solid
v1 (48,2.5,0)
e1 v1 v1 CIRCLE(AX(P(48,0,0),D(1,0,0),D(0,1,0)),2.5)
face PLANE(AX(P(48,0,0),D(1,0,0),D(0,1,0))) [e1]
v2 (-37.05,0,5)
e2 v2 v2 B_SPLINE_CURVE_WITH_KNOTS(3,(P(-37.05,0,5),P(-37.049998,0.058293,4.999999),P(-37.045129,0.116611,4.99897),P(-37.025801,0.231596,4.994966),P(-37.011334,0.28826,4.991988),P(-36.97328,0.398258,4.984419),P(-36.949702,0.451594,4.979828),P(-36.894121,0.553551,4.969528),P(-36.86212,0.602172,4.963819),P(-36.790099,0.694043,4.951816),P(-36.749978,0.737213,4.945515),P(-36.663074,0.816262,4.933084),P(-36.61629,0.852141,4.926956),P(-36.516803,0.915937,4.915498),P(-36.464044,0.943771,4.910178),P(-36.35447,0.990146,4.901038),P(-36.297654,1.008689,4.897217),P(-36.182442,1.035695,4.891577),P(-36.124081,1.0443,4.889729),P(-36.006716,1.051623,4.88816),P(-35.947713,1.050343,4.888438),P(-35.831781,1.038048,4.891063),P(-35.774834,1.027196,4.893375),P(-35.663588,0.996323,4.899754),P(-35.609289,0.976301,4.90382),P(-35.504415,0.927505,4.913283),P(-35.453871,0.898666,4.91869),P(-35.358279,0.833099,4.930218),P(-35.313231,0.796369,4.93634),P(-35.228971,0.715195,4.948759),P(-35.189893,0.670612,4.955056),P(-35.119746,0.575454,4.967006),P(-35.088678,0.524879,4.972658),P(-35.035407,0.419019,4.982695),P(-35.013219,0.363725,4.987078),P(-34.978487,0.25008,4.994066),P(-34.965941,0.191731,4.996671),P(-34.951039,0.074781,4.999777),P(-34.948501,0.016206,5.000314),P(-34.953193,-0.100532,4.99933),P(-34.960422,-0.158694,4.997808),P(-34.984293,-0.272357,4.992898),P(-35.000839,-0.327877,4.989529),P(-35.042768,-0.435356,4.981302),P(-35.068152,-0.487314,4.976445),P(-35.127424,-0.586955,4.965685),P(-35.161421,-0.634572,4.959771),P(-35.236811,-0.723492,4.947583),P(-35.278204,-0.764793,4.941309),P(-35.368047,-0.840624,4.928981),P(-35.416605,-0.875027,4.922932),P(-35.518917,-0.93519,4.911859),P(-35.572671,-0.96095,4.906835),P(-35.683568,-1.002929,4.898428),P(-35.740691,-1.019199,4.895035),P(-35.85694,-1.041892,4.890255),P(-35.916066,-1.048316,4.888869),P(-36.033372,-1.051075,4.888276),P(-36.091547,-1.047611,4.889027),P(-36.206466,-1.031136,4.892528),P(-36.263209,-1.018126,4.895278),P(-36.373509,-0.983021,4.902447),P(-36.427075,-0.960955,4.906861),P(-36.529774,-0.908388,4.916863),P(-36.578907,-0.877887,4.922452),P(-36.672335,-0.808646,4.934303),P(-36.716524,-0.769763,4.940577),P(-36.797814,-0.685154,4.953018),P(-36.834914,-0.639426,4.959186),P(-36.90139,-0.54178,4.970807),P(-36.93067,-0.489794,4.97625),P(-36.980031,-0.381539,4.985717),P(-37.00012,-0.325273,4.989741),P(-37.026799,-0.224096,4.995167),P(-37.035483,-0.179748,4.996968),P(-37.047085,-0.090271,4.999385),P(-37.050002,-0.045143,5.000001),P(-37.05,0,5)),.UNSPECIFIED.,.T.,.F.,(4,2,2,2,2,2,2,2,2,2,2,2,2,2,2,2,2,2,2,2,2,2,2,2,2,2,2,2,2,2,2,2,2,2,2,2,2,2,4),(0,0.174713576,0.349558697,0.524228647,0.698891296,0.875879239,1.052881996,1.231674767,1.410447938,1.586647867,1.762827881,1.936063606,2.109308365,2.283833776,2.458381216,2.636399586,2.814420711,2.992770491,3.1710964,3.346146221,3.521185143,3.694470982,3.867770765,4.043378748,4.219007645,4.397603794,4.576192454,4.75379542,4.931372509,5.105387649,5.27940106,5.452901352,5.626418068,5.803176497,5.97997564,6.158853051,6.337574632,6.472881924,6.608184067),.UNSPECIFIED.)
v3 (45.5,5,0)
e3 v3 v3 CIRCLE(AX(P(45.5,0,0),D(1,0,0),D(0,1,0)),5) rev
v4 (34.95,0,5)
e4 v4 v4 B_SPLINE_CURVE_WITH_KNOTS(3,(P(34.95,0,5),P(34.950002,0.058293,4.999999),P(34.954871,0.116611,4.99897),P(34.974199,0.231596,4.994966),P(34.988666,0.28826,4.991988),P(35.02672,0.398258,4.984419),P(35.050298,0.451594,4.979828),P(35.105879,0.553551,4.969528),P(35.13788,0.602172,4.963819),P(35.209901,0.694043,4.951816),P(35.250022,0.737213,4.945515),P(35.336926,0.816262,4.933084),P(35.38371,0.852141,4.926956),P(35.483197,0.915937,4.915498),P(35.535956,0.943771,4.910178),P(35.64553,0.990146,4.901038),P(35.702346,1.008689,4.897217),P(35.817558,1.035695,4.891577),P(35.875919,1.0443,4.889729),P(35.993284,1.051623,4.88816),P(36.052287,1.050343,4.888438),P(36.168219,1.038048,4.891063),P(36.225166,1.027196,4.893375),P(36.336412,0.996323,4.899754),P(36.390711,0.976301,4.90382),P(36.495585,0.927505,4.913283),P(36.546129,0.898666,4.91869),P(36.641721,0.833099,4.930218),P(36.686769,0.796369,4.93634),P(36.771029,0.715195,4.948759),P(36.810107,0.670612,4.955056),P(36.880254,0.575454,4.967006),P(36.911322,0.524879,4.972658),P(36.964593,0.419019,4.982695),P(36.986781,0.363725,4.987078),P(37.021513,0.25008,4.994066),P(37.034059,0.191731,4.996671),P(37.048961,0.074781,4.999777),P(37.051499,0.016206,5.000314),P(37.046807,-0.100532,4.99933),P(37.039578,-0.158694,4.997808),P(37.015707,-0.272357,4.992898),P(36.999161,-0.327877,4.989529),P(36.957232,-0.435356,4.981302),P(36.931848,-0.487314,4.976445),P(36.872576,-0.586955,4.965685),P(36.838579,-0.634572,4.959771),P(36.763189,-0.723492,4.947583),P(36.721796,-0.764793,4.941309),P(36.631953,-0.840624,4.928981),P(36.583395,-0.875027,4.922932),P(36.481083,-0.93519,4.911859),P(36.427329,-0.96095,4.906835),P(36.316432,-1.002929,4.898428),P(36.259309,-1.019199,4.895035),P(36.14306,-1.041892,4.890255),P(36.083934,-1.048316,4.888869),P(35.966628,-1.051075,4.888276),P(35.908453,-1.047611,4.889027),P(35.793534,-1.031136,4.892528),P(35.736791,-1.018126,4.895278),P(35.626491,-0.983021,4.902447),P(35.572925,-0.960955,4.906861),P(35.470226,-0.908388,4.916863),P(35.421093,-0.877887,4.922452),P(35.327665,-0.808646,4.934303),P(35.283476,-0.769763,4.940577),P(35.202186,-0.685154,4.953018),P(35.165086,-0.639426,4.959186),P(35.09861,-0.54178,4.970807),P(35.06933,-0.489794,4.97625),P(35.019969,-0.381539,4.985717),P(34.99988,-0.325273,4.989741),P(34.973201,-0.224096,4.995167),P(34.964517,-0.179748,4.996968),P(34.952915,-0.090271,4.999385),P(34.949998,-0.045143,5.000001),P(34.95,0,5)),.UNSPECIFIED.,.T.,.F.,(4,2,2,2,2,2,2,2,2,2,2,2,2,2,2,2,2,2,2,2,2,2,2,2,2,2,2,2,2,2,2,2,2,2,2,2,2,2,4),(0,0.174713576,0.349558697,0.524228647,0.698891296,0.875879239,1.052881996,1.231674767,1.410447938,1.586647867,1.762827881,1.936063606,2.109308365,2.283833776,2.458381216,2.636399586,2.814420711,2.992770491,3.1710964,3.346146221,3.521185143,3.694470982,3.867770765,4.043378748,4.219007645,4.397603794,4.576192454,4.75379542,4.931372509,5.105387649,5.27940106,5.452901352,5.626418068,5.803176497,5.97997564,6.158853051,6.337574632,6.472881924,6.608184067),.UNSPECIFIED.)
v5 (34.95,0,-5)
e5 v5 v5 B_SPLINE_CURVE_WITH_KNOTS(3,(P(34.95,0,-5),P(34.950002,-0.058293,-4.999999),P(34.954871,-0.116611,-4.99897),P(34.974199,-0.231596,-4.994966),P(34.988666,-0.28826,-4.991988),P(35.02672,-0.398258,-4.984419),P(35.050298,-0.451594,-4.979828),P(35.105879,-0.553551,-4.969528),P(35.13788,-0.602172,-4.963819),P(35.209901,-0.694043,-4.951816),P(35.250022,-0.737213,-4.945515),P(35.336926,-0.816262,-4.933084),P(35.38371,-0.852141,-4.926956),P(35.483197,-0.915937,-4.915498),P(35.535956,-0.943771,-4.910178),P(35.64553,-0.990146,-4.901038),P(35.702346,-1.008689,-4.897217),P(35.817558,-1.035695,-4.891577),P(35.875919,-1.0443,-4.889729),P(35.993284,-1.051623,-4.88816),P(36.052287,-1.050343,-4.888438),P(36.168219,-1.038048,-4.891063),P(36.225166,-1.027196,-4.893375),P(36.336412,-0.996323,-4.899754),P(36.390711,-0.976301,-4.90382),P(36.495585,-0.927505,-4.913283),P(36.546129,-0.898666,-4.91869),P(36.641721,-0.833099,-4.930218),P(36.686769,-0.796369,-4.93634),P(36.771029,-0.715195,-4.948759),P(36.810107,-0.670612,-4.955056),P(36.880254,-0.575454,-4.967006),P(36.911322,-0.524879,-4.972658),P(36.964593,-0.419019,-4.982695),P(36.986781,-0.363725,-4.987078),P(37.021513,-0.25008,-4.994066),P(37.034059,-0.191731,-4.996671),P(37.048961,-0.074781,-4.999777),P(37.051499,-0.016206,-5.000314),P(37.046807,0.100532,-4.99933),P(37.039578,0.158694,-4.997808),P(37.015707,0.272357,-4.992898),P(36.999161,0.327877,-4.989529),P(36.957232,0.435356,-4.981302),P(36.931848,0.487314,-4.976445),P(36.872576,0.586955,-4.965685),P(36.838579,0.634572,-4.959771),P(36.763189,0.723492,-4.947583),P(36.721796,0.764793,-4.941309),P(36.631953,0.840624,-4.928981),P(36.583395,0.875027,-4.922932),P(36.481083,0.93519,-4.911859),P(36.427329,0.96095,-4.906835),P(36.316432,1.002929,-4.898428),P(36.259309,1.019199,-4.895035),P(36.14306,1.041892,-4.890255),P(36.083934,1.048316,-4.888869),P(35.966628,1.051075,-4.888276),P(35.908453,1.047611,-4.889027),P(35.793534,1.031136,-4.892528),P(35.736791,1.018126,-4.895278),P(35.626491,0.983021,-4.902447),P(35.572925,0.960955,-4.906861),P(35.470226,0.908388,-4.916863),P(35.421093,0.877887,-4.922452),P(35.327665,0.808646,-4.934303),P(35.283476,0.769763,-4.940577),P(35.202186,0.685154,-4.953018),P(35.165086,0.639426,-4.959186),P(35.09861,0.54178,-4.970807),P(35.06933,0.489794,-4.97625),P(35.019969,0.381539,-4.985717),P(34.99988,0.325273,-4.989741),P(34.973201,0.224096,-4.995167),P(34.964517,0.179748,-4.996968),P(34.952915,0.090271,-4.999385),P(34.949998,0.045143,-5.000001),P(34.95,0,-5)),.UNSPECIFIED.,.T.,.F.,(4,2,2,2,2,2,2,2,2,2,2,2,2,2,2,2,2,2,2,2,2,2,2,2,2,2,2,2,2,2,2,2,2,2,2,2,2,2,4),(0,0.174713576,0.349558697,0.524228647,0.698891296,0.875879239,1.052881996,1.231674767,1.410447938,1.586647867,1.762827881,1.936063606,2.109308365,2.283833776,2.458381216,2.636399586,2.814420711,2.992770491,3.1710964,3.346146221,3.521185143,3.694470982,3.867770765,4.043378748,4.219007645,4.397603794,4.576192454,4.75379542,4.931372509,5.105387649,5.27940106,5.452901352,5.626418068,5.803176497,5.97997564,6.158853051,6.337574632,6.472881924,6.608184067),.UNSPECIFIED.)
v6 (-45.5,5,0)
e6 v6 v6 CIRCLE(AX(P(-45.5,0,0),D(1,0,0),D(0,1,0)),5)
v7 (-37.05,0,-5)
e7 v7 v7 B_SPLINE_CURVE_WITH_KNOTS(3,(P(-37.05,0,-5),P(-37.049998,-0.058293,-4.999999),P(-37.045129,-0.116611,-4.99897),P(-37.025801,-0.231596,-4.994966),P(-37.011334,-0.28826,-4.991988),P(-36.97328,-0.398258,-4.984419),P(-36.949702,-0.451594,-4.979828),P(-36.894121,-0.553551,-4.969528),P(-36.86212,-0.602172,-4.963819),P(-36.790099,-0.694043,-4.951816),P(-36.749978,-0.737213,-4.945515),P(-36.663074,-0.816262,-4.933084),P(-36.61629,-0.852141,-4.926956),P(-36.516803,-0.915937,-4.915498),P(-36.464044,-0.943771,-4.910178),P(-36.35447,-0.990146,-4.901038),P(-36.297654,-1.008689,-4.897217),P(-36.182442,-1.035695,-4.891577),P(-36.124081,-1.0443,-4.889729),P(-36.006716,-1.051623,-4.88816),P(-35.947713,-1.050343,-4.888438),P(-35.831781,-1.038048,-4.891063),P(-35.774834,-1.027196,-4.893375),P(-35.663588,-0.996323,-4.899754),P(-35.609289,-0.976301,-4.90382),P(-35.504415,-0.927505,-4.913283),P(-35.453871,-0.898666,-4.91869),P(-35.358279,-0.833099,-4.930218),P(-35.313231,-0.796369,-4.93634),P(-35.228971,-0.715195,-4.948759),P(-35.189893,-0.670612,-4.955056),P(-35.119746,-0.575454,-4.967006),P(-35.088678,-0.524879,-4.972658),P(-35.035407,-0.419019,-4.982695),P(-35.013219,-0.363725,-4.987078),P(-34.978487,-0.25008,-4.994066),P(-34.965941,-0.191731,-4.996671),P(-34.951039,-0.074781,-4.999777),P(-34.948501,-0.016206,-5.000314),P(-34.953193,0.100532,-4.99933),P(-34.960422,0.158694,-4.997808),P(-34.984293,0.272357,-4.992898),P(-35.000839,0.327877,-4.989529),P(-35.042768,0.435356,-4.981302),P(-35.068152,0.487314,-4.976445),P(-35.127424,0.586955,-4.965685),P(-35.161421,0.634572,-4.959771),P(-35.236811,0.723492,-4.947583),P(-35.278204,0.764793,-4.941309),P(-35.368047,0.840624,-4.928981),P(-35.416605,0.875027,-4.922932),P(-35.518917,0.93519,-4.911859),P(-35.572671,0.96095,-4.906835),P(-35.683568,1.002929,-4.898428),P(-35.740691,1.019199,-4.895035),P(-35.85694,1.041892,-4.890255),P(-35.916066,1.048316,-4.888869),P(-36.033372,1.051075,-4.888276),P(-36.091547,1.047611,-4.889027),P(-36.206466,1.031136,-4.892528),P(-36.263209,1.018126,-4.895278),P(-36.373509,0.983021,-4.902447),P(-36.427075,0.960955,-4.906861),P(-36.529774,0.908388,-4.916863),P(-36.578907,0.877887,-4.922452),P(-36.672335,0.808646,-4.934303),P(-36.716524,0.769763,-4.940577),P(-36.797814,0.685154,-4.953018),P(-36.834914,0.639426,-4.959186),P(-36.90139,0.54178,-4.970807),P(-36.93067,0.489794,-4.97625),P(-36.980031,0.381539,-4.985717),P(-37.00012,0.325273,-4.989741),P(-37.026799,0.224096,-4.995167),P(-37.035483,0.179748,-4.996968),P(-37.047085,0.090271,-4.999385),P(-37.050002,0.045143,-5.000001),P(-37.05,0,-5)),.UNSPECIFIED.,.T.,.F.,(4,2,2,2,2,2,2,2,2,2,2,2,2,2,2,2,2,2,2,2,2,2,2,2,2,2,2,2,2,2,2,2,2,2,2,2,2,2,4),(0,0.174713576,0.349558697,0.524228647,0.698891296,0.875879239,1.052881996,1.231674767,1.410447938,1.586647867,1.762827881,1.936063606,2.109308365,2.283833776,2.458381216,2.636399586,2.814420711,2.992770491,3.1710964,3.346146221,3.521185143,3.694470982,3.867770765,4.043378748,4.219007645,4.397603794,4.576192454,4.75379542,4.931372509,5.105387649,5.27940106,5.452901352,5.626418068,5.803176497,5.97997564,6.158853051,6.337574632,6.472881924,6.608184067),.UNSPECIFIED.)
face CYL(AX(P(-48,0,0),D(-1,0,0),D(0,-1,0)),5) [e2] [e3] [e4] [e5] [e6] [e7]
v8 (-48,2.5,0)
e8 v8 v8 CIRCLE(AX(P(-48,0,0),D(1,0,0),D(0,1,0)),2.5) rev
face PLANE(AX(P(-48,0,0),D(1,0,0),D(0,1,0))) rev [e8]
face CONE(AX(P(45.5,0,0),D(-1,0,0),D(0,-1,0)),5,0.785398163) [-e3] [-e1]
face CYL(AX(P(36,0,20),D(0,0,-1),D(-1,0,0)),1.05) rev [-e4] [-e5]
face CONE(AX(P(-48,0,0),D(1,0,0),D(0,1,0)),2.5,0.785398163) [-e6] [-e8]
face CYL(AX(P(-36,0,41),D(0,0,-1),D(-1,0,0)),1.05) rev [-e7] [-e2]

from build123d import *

# Parameters (mm, degrees)
SKETCH1_W               = 96
SKETCH1_H               = 5
CUT_EXTRUDE1_DEPTH      = 41
CUT_EXTRUDE1_DEPTH_BACK = 20
SKETCH1_5_R             = 1.05
CUT_EXTRUDE2_DEPTH      = 20
CUT_EXTRUDE2_DEPTH_BACK = 20
SKETCH1_6_R             = 1.05
CHAMFER1_SIZE           = 2.5
CHAMFER2_SIZE           = 2.5


with BuildPart() as part:
    # Sketch1 → Revolve1 (revolve)
    with BuildSketch(Plane.XY):
        with Locations((0, 2.5)):
            Rectangle(SKETCH1_W, SKETCH1_H)
    revolve(axis=Axis((-48, 0, 0), (1, 0, 0)))

    # Sketch1<5> → Cut-Extrude1 (cut, two sides: drawn at the far end of the back side and taken through both)
    with BuildSketch(Plane.XY.offset(-CUT_EXTRUDE1_DEPTH_BACK)):
        with Locations((-36, 0)):
            Circle(SKETCH1_5_R)
    extrude(amount=CUT_EXTRUDE1_DEPTH + CUT_EXTRUDE1_DEPTH_BACK, mode=Mode.SUBTRACT)

    # Sketch1<6> → Cut-Extrude2 (cut, two sides: drawn at the far end of the back side and taken through both)
    with BuildSketch(Plane.XY.offset(-CUT_EXTRUDE2_DEPTH_BACK)):
        with Locations((36, 0)):
            Circle(SKETCH1_6_R)
    extrude(amount=CUT_EXTRUDE2_DEPTH + CUT_EXTRUDE2_DEPTH_BACK, mode=Mode.SUBTRACT)

    # Chamfer1
    chamfer1_edges = [part.edges().sort_by_distance(p)[0] for p in [
        (-48, -5, 0),
    ]]
    chamfer(chamfer1_edges, length=CHAMFER1_SIZE)

    # Chamfer2
    chamfer2_edges = [part.edges().sort_by_distance(p)[0] for p in [
        (48, -5, 0),
    ]]
    chamfer(chamfer2_edges, length=CHAMFER2_SIZE)


solid = part.part
